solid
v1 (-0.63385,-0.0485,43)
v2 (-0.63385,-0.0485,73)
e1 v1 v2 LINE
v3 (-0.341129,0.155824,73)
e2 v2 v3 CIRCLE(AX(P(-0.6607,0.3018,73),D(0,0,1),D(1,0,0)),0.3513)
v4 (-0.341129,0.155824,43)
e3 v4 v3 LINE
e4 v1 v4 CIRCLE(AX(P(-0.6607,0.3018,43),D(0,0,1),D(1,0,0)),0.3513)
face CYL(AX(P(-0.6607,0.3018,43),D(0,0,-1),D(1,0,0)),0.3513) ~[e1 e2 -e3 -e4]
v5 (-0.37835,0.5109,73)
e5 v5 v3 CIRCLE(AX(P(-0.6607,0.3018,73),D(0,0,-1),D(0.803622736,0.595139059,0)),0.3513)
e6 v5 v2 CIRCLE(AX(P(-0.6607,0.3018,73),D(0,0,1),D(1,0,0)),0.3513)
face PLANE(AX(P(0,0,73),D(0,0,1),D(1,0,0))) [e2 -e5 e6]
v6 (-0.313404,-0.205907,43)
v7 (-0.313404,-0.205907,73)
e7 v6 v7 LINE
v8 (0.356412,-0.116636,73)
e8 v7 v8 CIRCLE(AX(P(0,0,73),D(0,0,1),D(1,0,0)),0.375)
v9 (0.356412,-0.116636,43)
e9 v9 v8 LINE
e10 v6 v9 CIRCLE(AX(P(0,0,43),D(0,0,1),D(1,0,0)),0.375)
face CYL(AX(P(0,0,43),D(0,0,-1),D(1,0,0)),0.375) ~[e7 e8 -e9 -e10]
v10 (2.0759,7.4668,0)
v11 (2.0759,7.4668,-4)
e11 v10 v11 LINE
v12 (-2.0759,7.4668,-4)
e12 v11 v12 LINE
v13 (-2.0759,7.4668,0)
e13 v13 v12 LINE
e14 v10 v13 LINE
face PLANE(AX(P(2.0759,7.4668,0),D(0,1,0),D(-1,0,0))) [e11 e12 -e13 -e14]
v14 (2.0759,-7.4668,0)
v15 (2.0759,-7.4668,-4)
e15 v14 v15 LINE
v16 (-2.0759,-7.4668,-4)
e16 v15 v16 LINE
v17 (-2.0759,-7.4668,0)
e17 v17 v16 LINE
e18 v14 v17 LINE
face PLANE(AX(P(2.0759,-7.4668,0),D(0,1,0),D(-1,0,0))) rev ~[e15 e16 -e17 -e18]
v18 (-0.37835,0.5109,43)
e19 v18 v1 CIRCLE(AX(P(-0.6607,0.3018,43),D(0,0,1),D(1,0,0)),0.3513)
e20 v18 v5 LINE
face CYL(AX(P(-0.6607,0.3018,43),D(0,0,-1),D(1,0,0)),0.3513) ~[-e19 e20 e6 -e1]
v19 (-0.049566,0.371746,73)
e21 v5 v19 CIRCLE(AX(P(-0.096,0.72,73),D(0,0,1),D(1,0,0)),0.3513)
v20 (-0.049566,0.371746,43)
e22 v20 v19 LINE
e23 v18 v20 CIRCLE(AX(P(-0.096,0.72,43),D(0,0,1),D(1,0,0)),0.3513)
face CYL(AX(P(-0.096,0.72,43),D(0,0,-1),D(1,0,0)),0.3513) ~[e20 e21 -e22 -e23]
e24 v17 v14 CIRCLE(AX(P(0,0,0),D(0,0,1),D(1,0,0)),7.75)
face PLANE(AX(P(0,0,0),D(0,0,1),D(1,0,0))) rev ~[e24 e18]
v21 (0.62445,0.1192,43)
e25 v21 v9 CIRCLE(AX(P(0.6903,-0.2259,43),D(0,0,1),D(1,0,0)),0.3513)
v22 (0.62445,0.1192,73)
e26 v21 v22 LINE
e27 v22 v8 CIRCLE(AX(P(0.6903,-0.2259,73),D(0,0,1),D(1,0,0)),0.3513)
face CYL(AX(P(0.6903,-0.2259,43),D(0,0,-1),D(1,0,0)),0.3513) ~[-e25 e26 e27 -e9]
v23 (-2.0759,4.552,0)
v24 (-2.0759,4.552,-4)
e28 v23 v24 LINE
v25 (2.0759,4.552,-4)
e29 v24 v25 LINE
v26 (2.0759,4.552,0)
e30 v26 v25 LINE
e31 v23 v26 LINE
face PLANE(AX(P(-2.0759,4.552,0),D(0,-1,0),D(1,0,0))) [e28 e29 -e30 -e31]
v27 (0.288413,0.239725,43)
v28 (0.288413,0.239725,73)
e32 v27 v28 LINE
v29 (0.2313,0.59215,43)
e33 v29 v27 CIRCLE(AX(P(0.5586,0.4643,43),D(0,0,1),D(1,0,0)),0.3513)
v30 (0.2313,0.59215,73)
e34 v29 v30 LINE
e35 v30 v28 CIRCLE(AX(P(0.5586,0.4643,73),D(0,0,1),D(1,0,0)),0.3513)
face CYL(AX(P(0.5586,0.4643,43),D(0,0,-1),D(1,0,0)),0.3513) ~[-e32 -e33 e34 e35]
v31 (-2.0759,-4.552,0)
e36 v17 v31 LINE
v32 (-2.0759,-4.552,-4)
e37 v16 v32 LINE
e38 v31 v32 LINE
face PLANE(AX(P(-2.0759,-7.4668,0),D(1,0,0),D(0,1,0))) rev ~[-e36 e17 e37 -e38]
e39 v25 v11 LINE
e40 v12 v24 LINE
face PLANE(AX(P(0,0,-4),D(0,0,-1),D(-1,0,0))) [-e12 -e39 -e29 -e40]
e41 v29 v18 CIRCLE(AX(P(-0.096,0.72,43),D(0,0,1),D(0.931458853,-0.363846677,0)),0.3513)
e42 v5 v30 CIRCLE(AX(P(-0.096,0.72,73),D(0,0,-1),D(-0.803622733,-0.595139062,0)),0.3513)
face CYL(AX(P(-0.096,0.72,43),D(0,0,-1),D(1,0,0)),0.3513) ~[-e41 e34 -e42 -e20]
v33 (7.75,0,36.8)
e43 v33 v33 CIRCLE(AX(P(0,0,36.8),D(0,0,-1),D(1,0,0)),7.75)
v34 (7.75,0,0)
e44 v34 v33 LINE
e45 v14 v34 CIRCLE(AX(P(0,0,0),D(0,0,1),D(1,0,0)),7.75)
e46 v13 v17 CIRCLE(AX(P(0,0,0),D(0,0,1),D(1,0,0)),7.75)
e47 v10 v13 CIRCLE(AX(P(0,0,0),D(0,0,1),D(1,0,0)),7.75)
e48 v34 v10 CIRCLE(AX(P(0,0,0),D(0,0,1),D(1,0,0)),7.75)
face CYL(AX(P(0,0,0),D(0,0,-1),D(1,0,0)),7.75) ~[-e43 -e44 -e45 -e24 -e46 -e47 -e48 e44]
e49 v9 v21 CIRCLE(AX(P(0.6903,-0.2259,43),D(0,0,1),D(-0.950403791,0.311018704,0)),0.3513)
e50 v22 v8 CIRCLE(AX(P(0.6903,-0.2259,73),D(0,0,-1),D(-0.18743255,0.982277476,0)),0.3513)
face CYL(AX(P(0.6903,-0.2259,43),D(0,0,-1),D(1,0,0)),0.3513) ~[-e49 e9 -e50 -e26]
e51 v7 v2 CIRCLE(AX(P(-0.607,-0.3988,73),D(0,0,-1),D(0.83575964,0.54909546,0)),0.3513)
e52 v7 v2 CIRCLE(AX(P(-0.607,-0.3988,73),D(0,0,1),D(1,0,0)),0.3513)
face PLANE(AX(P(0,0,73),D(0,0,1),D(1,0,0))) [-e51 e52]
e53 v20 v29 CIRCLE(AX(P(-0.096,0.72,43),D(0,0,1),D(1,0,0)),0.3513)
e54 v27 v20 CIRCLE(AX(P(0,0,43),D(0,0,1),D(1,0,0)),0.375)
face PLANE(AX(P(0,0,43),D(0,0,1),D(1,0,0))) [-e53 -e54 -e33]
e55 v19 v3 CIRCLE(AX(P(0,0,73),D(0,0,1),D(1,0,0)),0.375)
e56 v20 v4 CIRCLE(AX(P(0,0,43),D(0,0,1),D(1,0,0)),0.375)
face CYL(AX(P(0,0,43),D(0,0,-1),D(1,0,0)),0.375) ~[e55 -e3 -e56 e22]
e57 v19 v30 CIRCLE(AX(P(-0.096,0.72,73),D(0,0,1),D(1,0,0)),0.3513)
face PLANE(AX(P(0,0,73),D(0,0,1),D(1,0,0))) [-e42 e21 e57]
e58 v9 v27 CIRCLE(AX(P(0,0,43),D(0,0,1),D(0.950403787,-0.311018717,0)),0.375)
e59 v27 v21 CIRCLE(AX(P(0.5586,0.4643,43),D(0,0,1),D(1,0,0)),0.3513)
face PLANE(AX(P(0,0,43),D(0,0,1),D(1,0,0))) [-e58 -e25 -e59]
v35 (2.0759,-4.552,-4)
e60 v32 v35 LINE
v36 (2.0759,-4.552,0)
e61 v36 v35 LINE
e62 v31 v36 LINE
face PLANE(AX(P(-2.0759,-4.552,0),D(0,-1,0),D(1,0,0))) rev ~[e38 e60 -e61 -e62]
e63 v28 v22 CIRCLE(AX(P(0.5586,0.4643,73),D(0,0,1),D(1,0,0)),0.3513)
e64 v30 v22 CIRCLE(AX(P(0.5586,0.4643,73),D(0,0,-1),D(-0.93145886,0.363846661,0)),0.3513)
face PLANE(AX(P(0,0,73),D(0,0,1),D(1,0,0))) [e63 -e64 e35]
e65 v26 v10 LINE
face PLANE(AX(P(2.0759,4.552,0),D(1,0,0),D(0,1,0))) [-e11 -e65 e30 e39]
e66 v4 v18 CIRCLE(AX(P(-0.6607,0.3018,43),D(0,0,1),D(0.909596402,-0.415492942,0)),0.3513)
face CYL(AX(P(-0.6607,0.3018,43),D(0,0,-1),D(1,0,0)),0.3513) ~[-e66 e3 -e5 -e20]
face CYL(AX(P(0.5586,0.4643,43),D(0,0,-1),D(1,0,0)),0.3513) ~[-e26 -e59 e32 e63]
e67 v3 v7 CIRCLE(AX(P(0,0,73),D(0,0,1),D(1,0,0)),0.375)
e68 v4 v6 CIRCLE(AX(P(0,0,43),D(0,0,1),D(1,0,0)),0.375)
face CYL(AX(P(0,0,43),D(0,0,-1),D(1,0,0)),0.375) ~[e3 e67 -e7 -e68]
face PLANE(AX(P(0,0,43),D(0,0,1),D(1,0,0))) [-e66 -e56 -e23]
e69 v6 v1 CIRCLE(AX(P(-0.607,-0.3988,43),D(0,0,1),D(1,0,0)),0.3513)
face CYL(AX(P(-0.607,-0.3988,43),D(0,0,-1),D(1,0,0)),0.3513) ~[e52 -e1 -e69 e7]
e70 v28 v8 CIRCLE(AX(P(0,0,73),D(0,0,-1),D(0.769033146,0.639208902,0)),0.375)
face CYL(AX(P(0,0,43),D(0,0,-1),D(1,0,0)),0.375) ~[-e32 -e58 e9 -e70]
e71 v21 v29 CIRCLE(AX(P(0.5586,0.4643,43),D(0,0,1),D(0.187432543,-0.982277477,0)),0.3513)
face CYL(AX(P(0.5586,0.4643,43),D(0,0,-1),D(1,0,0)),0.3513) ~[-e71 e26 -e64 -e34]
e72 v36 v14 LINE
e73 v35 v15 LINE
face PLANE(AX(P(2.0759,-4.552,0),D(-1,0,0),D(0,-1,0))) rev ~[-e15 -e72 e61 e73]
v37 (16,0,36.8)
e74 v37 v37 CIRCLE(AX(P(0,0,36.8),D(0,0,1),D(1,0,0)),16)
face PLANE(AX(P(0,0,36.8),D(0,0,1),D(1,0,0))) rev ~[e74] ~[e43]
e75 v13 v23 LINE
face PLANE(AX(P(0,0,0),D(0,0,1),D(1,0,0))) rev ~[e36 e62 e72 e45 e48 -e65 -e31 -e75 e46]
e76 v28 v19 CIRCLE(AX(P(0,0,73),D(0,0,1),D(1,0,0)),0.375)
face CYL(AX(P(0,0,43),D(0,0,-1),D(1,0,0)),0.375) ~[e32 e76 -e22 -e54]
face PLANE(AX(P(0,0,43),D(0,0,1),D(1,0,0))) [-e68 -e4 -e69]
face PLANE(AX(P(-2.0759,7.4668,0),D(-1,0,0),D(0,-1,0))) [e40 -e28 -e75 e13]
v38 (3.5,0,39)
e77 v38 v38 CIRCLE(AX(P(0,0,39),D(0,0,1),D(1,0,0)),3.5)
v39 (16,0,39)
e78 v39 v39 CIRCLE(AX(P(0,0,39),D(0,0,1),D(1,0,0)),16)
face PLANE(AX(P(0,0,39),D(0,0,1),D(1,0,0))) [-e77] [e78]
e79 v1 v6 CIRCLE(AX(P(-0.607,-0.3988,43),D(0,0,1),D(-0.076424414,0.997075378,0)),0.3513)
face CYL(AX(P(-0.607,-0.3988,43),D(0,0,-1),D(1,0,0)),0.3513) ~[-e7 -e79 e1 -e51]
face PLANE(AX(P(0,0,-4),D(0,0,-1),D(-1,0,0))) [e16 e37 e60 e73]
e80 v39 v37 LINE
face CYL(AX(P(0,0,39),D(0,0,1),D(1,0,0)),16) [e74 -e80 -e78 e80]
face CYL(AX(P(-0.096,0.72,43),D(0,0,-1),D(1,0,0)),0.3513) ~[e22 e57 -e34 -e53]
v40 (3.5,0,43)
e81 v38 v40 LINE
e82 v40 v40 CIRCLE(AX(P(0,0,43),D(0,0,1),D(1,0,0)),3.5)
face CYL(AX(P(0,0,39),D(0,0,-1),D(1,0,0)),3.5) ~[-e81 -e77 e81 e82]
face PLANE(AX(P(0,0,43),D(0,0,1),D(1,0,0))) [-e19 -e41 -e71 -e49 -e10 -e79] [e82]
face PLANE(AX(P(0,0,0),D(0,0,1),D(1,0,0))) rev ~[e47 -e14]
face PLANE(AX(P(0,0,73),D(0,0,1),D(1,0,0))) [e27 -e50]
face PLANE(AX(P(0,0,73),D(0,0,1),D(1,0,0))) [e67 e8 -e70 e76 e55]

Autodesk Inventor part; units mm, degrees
ref_plane "YZ Plane" through (0, 0, 0) normal (1, 0, 0) x (0, 1, 0)
ref_plane "XZ Plane" through (0, 0, 0) normal (0, 1, 0) x (-1, 0, 0)
ref_plane "XY Plane" through (0, 0, 0) normal (0, 0, 1) x (1, 0, 0)
sketch "Skizze1" plane through (0, 0, 0) normal (0, 0, 1) x (1, 0, 0)
  circle A0 centre (0, 0) radius 7.75
  dimension "d0" = 15.5
extrude "Extrusion1" add sketch "Skizze1" along normal blind 39
sketch "Skizze2" plane through (0, 0, 39) normal (0, 0, 1) x (1, 0, 0)
  circle A0 centre (0, 0) radius 16
  dimension "d3" = 32
extrude "Extrusion2" add sketch "Skizze2" against normal blind 2.2
sketch "Skizze3" plane through (0, 0, 39) normal (0, 0, 1) x (1, 0, 0)
  circle A0 centre (0, 0) radius 3.5
  circle A1 centre (0, 0) radius 16 projected
  dimension "d6" = 7
extrude "Extrusion3" add sketch "Skizze3" along normal blind 4 contours A0
sketch "Skizze4" plane through (0, 0, 43) normal (0, 0, 1) x (1, 0, 0)
  circle A0 centre (0, 0) radius 0.375
  circle A1 centre (-0.607, -0.3988) radius 0.3513
  circle A2 centre (-0.6607, 0.3018) radius 0.3513
  circle A3 centre (-0.096, 0.72) radius 0.3513
  circle A4 centre (0.5586, 0.4643) radius 0.3513
  circle A5 centre (0.6903, -0.2259) radius 0.3513
  dimension "d9" = 0.75
extrude "Extrusion4" add sketch "Skizze4" along normal blind 30 contours A0 | A4 | A5 | A3 | A1 | A2
sketch "Skizze5" plane through (0, 0, 0) normal (0, 0, -1) x (-1, 0, 0)
  circle A0 centre (0, 0) radius 7.75 construction
  line L0 (2.0759, 4.552) -> (-2.0759, 4.552)
  line L1 (-2.0759, 4.552) -> (-2.0759, 7.4668)
  line L2 (-2.0759, 7.4668) -> (2.0759, 7.4668)
  line L3 (2.0759, 7.4668) -> (2.0759, 4.552)
  line L4 (2.0759, -4.552) -> (-2.0759, -4.552)
  line L5 (-2.0759, -4.552) -> (-2.0759, -7.4668)
  line L6 (-2.0759, -7.4668) -> (2.0759, -7.4668)
  line L7 (2.0759, -7.4668) -> (2.0759, -4.552)
  circle A1 centre (0, 0) radius 7.75 construction
  line L8 (0, 7.4668) -> (0, -7.4668) construction
extrude "Extrusion5" add sketch "Skizze5" along normal blind 4
properties part number "Slipring_SNM012A-24" material "ABS-Kunststoff"
